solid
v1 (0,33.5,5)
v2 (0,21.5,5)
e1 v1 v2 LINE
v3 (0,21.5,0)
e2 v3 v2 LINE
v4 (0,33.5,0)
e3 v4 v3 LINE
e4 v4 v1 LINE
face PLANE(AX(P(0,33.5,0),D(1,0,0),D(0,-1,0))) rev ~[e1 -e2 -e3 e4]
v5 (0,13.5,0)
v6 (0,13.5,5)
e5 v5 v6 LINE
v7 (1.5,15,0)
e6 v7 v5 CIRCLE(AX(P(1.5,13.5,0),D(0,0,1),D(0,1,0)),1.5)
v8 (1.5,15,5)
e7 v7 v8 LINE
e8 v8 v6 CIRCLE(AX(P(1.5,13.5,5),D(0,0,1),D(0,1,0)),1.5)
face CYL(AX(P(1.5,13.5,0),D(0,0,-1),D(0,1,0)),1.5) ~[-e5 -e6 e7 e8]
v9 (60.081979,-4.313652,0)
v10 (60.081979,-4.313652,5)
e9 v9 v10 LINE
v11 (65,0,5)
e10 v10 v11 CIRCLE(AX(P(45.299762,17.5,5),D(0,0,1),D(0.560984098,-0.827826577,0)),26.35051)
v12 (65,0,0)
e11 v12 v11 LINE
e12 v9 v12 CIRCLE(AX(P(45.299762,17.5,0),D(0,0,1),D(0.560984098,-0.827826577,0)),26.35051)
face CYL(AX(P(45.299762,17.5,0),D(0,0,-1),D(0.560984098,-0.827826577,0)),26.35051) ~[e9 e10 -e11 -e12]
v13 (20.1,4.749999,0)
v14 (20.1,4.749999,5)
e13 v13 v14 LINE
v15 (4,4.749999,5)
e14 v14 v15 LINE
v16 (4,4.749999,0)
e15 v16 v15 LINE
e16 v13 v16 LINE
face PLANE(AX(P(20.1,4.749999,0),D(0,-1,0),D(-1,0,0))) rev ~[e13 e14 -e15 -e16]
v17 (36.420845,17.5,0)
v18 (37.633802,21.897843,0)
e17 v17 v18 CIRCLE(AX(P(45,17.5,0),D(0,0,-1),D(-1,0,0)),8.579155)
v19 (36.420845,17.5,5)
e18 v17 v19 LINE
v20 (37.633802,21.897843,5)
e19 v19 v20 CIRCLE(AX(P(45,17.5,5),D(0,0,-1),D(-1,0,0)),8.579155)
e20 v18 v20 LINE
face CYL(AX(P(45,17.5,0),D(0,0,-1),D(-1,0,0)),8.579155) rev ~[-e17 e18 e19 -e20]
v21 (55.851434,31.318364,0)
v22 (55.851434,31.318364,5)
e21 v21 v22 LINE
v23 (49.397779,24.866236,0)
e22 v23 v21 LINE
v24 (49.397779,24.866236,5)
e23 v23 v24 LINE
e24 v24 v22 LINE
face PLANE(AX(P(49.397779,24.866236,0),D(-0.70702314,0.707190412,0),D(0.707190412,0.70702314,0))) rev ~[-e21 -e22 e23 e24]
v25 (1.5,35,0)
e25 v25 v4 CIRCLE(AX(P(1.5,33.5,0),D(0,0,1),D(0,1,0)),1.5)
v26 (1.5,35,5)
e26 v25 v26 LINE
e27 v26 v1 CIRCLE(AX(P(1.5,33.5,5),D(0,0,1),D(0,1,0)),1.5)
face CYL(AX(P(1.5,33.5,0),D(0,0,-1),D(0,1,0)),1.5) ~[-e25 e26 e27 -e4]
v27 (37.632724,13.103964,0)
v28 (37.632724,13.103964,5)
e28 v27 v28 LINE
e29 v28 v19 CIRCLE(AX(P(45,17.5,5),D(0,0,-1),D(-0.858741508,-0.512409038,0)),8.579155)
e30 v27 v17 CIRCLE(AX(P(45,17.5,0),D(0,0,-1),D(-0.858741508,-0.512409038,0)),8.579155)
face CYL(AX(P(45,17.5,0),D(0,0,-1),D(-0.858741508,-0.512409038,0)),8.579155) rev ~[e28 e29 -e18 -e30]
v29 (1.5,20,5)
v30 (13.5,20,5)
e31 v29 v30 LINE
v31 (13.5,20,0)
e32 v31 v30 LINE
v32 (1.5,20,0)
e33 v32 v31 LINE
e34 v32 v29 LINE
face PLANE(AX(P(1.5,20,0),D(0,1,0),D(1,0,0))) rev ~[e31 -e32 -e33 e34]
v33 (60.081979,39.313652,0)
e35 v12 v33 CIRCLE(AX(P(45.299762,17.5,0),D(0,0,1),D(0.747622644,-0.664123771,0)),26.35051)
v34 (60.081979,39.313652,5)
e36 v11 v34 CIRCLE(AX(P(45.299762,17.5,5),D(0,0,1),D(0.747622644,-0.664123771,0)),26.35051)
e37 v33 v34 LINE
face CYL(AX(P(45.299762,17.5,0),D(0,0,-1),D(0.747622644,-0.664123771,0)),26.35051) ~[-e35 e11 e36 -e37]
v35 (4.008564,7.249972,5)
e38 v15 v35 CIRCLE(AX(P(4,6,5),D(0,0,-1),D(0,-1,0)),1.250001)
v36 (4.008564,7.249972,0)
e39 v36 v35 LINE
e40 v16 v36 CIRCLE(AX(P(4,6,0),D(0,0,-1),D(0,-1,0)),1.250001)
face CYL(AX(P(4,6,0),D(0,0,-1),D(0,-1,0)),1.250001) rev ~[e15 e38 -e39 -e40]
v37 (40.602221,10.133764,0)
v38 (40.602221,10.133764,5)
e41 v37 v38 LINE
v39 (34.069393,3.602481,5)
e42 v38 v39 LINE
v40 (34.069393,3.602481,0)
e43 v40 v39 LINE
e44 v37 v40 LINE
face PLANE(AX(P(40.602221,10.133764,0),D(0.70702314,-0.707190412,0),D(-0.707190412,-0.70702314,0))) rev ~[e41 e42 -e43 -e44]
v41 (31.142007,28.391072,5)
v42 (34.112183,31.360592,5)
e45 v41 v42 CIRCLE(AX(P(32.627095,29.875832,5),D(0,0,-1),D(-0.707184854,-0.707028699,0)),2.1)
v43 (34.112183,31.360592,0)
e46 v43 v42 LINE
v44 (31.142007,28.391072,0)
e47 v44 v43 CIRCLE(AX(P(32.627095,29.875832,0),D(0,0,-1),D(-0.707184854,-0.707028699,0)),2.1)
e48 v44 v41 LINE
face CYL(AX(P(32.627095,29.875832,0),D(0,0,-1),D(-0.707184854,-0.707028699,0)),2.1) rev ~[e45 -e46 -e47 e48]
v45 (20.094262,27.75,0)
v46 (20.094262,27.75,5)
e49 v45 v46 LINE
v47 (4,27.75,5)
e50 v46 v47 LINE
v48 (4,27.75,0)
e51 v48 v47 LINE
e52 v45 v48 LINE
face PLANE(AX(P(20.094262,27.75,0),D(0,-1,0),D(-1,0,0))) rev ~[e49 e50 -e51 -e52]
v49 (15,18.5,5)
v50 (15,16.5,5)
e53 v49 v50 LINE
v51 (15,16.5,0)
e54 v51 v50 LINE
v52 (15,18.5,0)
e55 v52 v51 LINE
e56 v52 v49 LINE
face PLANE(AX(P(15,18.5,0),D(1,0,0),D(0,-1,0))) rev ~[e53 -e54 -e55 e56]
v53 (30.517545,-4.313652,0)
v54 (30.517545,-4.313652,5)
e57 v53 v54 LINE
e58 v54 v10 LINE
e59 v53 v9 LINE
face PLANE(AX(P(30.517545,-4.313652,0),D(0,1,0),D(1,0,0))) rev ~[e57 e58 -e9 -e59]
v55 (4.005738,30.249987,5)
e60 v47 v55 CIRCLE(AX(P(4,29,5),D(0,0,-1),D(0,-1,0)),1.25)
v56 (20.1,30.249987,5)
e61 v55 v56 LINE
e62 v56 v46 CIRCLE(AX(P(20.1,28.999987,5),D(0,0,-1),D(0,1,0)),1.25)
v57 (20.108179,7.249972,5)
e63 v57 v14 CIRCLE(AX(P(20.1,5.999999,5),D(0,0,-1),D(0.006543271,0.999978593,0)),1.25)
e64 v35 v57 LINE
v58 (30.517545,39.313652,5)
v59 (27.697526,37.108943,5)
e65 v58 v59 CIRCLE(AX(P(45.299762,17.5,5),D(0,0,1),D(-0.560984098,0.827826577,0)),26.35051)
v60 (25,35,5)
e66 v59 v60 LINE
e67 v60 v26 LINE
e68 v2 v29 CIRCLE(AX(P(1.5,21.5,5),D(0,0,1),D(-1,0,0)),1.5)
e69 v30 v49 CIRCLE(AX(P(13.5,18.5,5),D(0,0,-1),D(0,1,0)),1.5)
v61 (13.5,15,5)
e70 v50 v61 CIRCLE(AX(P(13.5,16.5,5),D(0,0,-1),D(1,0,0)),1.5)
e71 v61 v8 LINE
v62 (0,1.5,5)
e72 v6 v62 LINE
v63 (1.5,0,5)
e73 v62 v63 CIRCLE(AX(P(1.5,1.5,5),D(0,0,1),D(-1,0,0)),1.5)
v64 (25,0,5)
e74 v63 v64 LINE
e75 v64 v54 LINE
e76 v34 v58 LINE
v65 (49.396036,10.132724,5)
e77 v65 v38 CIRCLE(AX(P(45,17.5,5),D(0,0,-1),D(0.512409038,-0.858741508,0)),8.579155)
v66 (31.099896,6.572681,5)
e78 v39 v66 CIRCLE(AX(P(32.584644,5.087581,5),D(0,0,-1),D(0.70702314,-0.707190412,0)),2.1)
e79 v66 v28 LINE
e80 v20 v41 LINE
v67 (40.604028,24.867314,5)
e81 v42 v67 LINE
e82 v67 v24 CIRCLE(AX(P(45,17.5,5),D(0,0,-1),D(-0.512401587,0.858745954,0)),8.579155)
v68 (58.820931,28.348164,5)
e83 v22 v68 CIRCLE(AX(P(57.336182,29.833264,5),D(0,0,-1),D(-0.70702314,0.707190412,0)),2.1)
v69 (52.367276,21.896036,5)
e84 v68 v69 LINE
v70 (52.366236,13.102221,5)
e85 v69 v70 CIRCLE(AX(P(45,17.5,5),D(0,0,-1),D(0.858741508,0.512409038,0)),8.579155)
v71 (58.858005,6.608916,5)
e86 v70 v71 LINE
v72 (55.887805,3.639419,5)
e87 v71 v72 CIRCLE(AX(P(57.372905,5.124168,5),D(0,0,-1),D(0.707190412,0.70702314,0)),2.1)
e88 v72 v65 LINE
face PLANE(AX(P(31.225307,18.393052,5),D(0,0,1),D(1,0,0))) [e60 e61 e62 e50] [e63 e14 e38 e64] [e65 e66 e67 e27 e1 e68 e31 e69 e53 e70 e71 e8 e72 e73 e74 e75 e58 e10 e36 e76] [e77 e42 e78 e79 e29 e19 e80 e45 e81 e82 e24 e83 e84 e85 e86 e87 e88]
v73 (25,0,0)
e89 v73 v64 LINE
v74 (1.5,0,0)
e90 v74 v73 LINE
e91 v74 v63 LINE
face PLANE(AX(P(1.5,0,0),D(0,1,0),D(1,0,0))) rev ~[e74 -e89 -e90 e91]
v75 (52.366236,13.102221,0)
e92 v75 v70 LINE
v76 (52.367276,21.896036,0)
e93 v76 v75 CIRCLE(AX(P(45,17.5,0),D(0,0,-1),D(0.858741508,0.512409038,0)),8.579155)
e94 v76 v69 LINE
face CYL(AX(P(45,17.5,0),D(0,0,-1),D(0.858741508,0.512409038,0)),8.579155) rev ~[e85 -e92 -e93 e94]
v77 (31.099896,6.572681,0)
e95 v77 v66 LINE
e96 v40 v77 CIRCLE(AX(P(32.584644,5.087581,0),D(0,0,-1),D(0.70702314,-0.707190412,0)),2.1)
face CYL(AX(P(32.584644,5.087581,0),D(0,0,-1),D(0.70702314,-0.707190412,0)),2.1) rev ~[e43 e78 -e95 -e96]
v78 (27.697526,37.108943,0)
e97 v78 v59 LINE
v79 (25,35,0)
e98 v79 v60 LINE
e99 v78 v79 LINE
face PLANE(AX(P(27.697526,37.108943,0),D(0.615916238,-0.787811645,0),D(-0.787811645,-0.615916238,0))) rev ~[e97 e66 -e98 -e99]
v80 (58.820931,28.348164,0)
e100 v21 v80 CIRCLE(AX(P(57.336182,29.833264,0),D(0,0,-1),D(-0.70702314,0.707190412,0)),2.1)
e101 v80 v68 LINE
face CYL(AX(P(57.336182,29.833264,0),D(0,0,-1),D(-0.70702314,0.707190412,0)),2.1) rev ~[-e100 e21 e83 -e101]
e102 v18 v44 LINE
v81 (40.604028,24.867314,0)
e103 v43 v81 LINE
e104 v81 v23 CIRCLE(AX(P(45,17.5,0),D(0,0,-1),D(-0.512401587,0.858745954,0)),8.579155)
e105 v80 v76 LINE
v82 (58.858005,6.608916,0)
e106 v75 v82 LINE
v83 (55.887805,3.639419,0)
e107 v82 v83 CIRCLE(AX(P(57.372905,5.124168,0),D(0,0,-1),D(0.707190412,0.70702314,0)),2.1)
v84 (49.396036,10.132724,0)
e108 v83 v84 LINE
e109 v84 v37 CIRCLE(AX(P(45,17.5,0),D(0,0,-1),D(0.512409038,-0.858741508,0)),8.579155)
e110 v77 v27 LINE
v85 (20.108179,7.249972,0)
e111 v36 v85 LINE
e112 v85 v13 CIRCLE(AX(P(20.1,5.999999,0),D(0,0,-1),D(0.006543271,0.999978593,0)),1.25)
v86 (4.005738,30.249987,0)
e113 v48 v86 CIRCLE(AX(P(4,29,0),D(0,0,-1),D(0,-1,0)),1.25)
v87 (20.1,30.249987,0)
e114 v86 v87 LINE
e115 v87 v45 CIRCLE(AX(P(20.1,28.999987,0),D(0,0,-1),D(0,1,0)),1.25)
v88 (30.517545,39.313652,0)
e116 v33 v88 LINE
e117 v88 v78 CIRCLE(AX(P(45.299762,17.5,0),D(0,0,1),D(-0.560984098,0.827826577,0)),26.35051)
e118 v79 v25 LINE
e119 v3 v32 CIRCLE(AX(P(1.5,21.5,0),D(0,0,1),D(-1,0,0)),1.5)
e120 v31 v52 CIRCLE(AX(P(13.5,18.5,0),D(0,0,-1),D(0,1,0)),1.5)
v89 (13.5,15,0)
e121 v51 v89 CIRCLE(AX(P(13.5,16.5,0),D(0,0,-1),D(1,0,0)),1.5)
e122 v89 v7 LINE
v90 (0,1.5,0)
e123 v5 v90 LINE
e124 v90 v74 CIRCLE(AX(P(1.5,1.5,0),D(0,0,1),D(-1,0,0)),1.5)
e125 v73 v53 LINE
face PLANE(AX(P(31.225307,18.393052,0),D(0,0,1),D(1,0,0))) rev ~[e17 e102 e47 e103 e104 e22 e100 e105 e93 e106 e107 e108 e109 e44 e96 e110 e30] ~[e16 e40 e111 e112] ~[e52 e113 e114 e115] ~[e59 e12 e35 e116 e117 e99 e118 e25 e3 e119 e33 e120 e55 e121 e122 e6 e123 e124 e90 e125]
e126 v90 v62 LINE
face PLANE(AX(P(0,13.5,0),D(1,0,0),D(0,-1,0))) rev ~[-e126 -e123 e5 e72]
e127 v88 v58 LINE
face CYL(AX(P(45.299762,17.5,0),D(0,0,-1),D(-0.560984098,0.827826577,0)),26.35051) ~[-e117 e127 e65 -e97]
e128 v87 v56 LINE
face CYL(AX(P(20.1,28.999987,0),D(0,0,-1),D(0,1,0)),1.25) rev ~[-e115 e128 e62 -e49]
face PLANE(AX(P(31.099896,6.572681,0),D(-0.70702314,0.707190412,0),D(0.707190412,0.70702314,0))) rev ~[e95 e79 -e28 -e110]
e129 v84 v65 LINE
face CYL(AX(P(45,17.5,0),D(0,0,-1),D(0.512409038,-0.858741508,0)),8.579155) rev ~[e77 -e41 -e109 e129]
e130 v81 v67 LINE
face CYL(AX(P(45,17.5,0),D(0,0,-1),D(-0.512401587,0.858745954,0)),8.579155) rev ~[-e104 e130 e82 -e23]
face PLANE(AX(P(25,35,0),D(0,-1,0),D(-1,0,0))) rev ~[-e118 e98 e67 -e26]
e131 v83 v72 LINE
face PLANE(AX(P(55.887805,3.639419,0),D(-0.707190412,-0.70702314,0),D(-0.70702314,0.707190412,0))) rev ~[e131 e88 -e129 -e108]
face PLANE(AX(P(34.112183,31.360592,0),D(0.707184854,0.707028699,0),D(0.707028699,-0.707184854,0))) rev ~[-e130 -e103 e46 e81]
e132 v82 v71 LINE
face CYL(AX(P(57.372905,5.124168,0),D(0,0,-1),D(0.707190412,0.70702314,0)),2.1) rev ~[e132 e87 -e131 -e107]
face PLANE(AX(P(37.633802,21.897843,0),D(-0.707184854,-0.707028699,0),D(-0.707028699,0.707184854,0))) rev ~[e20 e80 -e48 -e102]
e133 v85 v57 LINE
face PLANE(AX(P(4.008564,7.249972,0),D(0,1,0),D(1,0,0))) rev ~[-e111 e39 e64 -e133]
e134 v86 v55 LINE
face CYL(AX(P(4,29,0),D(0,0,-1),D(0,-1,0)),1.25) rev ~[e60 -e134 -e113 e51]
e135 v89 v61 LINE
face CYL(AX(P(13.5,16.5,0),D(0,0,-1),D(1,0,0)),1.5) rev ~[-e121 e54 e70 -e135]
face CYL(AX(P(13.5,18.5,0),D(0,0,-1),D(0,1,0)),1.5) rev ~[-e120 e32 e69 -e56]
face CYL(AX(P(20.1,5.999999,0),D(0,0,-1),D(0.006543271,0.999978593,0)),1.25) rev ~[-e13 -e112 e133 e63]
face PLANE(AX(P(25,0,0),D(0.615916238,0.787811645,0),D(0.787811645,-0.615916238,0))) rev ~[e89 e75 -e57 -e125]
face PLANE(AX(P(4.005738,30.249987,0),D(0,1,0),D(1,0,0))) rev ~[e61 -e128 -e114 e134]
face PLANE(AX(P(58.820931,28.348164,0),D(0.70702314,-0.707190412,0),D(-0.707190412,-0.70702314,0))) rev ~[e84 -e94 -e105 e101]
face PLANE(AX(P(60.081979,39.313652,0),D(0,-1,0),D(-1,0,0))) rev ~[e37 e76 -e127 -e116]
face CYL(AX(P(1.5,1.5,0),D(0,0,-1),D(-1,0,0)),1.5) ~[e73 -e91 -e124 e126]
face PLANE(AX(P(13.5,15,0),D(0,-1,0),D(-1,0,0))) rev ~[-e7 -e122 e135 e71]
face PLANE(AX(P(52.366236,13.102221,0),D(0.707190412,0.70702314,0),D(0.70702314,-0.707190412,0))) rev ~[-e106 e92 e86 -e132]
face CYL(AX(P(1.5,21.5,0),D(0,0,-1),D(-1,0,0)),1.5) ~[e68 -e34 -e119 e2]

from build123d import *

# Parameters (mm, degrees)
F1_DEPTH = 5


with BuildPart() as f1:
    # F0 (on Top) → F1 (new body)
    with BuildSketch(Plane.XY):
        with BuildLine():
            ThreePointArc((0, 1.5), (0.4393398282, 0.4393398282), (1.5, 0))
            Line((1.5, 0), (25, 0))
            Line((25, 0), (65, 0))
            ThreePointArc((65, 0), (71.4464778002, 20.7708762777), (60.0819791406, 39.3136524341))
            Line((60.0819791406, 39.3136524341), (30.5175450931, 39.3136524341))
            Line((30.5175450931, 39.3136524341), (27.6975259693, 37.1089432469))
            Line((27.6975259693, 37.1089432469), (25, 35))
            Line((25, 35), (1.5, 35))
            ThreePointArc((1.5, 35), (0.4393398282, 34.5606601718), (0, 33.5))
            Line((0, 33.5), (0, 21.5))
            ThreePointArc((0, 21.5), (0.4393398282, 20.4393398282), (1.5, 20))
            Line((1.5, 20), (13.5, 20))
            ThreePointArc((13.5, 20), (14.5606601718, 19.5606601718), (15, 18.5))
            Line((15, 18.5), (15, 16.5))
            ThreePointArc((15, 16.5), (14.5606601718, 15.4393398282), (13.5, 15))
            Line((13.5, 15), (1.5, 15))
            ThreePointArc((1.5, 15), (0.4393398282, 14.5606601718), (0, 13.5))
            Line((0, 13.5), (0, 1.5))
        make_face()
        with BuildLine():
            Line((4.0085639487, 7.249971952), (20.1081790887, 7.249971952))
            ThreePointArc((20.1081790887, 7.249971952), (21.3499933102, 5.995909145), (20.1, 4.7499987112))
            Line((20.1, 4.7499987112), (3.9999999999, 4.7499987112))
            ThreePointArc((3.9999999999, 4.7499987112), (2.7500060453, 6.0042819995), (4.0085639487, 7.249971952))
        make_face(mode=Mode.SUBTRACT)
        with BuildLine():
            ThreePointArc((31.1420068494, 28.3910719436), (31.1423347752, 31.3609204065), (34.1121832381, 31.3605924806))
            Line((34.1121832381, 31.3605924806), (40.6040275048, 24.8673144178))
            ThreePointArc((40.6040275048, 24.8673144178), (45.0010519537, 26.0791546672), (49.397779085, 24.8662361508))
            Line((49.397779085, 24.8662361508), (55.8514336057, 31.3183641885))
            ThreePointArc((55.8514336057, 31.3183641885), (58.8212820659, 31.3180129178), (58.8209307952, 28.3481644576))
            Line((58.8209307952, 28.3481644576), (52.3672762745, 21.8960364199))
            ThreePointArc((52.3672762745, 21.8960364199), (53.5791546716, 17.4989852662), (52.3662361508, 13.102220915))
            Line((52.3662361508, 13.102220915), (58.8580048217, 6.6089163826))
            ThreePointArc((58.8580048217, 6.6089163826), (58.857653551, 3.6390679224), (55.8878050908, 3.6394191931))
            Line((55.8878050908, 3.6394191931), (49.3960364199, 10.1327237255))
            ThreePointArc((49.3960364199, 10.1327237255), (44.9989852662, 8.9208453284), (40.602220915, 10.1337638492))
            Line((40.602220915, 10.1337638492), (34.0693929379, 3.6024810821))
            ThreePointArc((34.0693929379, 3.6024810821), (31.0995444777, 3.6028323528), (31.0998957484, 6.572680813))
            Line((31.0998957484, 6.572680813), (37.6327237255, 13.1039635801))
            ThreePointArc((37.6327237255, 13.1039635801), (36.7293622066, 15.2199898246), (36.4208452683, 17.5))
            ThreePointArc((36.4208452683, 17.5), (36.7296418376, 19.7810242821), (37.6338020079, 21.8978429998))
            Line((37.6338020079, 21.8978429998), (31.1420068494, 28.3910719436))
        make_face(mode=Mode.SUBTRACT)
        with BuildLine():
            ThreePointArc((4, 27.75), (2.7500032922, 29.0028688638), (4.0057377125, 30.2499868314))
            Line((4.0057377125, 30.2499868314), (20.1, 30.2499868314))
            ThreePointArc((20.1, 30.2499868314), (21.3499967078, 28.9971179676), (20.0942622875, 27.75))
            Line((20.0942622875, 27.75), (4, 27.75))
        make_face(mode=Mode.SUBTRACT)
        with BuildLine():
            Line((65, 0), (25, 0))
            Line((25, 0), (30.5175450931, -4.3136524341))
            Line((30.5175450931, -4.3136524341), (60.0819791406, -4.3136524341))
            ThreePointArc((60.0819791406, -4.3136524341), (62.675372133, -2.310036578), (65, 0))
        make_face()
        with BuildLine():
            Line((27.6975259693, 37.1089432469), (30.5175450931, 39.3136524341))
            ThreePointArc((30.5175450931, 39.3136524341), (29.070055174, 38.2592385507), (27.6975259693, 37.1089432469))
        make_face()
    extrude(amount=F1_DEPTH)


solid = f1.part
